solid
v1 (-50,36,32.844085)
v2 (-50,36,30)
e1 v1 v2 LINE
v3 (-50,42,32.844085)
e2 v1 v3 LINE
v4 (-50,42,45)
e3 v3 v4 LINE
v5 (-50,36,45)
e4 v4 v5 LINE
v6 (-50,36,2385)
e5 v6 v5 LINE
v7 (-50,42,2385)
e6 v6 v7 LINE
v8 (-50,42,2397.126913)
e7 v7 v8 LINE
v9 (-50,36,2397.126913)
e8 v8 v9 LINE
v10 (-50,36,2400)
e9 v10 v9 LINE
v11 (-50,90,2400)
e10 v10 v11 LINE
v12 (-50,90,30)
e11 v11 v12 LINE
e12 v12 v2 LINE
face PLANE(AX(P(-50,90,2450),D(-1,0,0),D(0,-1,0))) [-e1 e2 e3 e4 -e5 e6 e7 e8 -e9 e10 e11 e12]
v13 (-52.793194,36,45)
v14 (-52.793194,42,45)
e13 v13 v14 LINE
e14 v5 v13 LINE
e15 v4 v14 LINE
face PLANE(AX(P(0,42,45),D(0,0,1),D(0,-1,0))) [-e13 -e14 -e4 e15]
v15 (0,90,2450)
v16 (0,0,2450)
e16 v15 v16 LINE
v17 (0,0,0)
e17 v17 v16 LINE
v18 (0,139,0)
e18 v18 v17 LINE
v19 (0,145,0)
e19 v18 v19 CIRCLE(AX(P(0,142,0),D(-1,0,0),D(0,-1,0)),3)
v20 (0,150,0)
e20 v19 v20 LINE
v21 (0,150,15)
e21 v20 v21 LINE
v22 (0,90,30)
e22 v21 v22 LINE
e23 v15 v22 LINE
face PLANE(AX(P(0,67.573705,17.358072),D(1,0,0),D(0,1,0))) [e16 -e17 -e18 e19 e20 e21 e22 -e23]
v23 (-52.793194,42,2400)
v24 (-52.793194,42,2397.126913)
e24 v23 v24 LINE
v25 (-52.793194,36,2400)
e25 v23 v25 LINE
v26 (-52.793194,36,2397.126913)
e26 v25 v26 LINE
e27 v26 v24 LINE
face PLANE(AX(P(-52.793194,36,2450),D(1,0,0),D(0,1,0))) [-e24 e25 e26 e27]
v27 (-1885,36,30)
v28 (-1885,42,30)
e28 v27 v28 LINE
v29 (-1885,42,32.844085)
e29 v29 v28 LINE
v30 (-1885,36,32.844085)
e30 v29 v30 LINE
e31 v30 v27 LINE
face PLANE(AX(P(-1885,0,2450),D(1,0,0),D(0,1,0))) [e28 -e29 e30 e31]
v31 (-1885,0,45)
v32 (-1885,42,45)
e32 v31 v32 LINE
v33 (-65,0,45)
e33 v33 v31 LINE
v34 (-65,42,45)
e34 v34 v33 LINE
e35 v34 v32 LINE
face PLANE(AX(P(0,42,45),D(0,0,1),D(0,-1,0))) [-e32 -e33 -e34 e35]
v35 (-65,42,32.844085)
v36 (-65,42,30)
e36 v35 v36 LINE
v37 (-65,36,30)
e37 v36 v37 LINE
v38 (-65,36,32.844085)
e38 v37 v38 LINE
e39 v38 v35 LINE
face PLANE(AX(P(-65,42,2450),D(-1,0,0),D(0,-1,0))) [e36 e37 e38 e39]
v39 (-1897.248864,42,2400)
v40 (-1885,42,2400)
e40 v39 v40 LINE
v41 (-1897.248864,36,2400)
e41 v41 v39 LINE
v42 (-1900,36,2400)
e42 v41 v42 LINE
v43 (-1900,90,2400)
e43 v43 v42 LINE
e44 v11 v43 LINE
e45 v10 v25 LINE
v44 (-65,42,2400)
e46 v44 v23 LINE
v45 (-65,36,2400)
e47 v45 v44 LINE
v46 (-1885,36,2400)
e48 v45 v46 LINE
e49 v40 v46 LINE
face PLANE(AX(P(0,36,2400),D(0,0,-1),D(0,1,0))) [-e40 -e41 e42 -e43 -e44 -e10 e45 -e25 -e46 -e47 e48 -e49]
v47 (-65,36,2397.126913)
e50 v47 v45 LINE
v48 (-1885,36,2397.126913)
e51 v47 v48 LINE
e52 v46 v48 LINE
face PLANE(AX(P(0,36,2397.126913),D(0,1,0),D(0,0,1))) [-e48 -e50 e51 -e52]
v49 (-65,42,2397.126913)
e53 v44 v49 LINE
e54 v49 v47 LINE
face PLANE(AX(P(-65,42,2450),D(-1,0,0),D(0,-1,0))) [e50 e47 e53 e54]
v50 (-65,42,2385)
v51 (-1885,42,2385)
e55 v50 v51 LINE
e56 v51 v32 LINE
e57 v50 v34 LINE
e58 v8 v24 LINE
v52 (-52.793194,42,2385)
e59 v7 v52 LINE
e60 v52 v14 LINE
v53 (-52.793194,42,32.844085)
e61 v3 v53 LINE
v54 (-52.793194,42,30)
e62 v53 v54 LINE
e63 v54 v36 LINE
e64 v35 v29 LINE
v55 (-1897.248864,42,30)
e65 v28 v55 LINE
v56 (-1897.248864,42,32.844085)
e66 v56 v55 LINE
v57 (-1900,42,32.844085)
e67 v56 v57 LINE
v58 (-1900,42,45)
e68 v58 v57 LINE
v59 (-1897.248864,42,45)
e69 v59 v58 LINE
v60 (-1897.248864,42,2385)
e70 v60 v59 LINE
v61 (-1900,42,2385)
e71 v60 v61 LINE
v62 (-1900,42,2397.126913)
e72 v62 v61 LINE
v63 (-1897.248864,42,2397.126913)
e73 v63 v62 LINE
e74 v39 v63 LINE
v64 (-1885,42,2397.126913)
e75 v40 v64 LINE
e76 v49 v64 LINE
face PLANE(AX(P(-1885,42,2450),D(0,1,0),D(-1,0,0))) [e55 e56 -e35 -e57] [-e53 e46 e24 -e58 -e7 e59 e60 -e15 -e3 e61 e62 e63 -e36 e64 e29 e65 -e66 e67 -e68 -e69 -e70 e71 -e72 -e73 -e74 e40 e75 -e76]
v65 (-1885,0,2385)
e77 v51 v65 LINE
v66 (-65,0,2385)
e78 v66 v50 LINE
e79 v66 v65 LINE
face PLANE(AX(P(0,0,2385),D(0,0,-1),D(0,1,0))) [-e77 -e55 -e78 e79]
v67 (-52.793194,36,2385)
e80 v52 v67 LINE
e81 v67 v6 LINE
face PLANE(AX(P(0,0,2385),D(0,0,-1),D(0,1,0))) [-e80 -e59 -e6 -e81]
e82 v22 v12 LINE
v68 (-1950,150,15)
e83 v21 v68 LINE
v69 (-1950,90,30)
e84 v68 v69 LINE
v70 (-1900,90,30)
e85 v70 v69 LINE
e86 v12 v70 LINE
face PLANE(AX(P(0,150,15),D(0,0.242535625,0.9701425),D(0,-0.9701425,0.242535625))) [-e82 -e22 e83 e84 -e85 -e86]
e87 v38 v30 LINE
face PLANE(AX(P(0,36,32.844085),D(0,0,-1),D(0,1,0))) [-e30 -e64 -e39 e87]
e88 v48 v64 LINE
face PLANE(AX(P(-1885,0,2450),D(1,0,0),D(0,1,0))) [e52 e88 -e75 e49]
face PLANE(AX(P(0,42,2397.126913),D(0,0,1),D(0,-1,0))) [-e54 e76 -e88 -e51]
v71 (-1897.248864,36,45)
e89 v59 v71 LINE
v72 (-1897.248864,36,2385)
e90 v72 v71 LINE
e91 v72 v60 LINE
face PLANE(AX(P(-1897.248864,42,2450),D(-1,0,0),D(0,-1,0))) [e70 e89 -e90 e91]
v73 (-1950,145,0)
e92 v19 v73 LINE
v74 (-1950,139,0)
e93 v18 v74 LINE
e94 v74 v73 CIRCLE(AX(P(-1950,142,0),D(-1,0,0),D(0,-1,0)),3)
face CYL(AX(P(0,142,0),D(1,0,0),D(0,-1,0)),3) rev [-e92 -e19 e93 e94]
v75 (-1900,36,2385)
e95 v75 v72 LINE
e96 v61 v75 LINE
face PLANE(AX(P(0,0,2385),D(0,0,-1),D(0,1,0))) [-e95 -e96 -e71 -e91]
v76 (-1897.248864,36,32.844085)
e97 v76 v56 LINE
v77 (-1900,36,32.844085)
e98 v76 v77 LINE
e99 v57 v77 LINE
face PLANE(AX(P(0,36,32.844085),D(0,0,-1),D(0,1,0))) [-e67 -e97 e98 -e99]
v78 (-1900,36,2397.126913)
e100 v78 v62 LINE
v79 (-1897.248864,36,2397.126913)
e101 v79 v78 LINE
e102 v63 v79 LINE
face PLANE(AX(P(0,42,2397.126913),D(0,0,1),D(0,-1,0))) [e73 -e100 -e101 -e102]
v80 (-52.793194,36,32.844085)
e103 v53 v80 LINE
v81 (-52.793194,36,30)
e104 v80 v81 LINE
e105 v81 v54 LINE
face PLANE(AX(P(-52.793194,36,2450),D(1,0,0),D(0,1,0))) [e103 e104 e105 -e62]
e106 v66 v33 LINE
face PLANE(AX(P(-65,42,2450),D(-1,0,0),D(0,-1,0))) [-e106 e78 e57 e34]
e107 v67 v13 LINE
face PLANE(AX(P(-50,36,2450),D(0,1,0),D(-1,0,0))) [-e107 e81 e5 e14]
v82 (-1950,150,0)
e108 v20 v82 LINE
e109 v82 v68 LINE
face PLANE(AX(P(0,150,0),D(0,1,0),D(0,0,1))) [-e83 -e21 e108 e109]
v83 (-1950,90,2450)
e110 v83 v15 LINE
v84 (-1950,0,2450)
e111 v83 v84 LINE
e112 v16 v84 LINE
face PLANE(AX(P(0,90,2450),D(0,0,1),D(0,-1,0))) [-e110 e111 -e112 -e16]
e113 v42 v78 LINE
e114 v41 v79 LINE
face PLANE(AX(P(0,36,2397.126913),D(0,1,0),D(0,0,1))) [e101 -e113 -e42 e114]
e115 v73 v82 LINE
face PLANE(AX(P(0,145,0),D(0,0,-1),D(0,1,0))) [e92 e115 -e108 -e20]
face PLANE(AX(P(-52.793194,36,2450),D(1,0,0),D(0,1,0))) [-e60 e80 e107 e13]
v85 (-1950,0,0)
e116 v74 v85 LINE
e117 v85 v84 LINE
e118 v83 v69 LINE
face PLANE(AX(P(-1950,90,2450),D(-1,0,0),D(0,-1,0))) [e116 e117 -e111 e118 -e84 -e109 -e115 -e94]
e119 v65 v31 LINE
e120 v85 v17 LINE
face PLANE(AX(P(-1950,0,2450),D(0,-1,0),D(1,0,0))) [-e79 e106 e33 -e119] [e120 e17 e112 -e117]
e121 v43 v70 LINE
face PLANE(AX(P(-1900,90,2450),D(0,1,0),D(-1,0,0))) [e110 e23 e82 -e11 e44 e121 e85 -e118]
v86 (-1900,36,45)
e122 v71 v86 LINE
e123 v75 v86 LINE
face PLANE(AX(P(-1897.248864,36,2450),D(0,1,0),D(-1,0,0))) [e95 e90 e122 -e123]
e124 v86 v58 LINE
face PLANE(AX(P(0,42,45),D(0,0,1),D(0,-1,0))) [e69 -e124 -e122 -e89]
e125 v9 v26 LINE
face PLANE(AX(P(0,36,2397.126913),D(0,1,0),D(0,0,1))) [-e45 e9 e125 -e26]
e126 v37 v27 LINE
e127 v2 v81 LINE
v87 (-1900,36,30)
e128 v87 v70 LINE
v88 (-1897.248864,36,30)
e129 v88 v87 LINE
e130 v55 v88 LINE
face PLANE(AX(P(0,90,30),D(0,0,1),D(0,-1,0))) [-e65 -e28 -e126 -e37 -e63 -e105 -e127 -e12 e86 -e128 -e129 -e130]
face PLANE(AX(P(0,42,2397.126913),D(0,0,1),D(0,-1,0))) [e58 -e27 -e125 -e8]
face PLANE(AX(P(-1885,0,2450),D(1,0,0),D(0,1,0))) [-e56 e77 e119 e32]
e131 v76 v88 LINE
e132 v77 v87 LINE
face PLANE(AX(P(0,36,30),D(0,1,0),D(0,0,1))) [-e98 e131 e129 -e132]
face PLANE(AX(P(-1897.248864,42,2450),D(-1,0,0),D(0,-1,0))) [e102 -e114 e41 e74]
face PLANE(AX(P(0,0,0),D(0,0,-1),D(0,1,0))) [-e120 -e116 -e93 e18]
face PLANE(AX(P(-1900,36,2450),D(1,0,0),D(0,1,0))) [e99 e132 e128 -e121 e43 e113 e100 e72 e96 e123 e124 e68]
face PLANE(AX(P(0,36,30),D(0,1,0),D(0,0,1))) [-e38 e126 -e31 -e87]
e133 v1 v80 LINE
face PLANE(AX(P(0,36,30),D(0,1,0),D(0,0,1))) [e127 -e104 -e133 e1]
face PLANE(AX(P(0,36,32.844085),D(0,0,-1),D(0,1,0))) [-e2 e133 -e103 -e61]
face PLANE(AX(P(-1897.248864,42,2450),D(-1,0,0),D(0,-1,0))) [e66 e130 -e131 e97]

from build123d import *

# Parameters (mm, degrees)
F1_DEPTH = 1950
F3_DEPTH = 2450


with BuildPart() as f1:
    # F0 (on Right) → F1 (new body)
    with BuildSketch(Plane.YZ):
        with BuildLine():
            Line((150, 0), (150, 15))
            Line((150, 15), (90, 30))
            Line((90, 30), (42, 30))
            Line((42, 30), (36, 30))
            Line((36, 30), (36, 32.8440852463))
            Line((36, 32.8440852463), (42, 32.8440852463))
            Line((42, 32.8440852463), (42, 45))
            Line((42, 45), (0, 45))
            Line((0, 45), (0, 0))
            Line((0, 0), (139, 0))
            ThreePointArc((139, 0), (142, 3), (145, 0))
            Line((145, 0), (150, 0))
        make_face()
    extrude(amount=-F1_DEPTH)



with BuildPart() as f1b:
    # F0 (on Right) → F1, piece 2 (new body)
    with BuildSketch(Plane.YZ):
        Polygon((90, 2450), (0, 2450), (0, 2385), (42, 2385), (42, 2397.1269130707), (36, 2397.1269130707), (36, 2400), (42, 2400), (90, 2400), align=None)
    extrude(amount=-F1_DEPTH)


with BuildPart() as f1_1:
    add(f1.part)

    add(f1b.part)  # F3 merges F1b
    # F2 (on face) → F3 (join)
    with BuildSketch(Plane.XY.offset(2450)):
        Polygon((-1950, 90), (-1950, 0), (-1885, 0), (-1885, 42), (-1897.2488641739, 42), (-1897.2488641739, 36), (-1900, 36), (-1900, 42), (-1900, 90), align=None)
        Polygon((-65, 0), (0, 0), (0, 90), (-50, 90), (-50, 42), (-50, 36), (-52.7931936085, 36), (-52.7931936085, 42), (-65, 42), align=None)
    extrude(amount=-F3_DEPTH)


solid = f1_1.part
